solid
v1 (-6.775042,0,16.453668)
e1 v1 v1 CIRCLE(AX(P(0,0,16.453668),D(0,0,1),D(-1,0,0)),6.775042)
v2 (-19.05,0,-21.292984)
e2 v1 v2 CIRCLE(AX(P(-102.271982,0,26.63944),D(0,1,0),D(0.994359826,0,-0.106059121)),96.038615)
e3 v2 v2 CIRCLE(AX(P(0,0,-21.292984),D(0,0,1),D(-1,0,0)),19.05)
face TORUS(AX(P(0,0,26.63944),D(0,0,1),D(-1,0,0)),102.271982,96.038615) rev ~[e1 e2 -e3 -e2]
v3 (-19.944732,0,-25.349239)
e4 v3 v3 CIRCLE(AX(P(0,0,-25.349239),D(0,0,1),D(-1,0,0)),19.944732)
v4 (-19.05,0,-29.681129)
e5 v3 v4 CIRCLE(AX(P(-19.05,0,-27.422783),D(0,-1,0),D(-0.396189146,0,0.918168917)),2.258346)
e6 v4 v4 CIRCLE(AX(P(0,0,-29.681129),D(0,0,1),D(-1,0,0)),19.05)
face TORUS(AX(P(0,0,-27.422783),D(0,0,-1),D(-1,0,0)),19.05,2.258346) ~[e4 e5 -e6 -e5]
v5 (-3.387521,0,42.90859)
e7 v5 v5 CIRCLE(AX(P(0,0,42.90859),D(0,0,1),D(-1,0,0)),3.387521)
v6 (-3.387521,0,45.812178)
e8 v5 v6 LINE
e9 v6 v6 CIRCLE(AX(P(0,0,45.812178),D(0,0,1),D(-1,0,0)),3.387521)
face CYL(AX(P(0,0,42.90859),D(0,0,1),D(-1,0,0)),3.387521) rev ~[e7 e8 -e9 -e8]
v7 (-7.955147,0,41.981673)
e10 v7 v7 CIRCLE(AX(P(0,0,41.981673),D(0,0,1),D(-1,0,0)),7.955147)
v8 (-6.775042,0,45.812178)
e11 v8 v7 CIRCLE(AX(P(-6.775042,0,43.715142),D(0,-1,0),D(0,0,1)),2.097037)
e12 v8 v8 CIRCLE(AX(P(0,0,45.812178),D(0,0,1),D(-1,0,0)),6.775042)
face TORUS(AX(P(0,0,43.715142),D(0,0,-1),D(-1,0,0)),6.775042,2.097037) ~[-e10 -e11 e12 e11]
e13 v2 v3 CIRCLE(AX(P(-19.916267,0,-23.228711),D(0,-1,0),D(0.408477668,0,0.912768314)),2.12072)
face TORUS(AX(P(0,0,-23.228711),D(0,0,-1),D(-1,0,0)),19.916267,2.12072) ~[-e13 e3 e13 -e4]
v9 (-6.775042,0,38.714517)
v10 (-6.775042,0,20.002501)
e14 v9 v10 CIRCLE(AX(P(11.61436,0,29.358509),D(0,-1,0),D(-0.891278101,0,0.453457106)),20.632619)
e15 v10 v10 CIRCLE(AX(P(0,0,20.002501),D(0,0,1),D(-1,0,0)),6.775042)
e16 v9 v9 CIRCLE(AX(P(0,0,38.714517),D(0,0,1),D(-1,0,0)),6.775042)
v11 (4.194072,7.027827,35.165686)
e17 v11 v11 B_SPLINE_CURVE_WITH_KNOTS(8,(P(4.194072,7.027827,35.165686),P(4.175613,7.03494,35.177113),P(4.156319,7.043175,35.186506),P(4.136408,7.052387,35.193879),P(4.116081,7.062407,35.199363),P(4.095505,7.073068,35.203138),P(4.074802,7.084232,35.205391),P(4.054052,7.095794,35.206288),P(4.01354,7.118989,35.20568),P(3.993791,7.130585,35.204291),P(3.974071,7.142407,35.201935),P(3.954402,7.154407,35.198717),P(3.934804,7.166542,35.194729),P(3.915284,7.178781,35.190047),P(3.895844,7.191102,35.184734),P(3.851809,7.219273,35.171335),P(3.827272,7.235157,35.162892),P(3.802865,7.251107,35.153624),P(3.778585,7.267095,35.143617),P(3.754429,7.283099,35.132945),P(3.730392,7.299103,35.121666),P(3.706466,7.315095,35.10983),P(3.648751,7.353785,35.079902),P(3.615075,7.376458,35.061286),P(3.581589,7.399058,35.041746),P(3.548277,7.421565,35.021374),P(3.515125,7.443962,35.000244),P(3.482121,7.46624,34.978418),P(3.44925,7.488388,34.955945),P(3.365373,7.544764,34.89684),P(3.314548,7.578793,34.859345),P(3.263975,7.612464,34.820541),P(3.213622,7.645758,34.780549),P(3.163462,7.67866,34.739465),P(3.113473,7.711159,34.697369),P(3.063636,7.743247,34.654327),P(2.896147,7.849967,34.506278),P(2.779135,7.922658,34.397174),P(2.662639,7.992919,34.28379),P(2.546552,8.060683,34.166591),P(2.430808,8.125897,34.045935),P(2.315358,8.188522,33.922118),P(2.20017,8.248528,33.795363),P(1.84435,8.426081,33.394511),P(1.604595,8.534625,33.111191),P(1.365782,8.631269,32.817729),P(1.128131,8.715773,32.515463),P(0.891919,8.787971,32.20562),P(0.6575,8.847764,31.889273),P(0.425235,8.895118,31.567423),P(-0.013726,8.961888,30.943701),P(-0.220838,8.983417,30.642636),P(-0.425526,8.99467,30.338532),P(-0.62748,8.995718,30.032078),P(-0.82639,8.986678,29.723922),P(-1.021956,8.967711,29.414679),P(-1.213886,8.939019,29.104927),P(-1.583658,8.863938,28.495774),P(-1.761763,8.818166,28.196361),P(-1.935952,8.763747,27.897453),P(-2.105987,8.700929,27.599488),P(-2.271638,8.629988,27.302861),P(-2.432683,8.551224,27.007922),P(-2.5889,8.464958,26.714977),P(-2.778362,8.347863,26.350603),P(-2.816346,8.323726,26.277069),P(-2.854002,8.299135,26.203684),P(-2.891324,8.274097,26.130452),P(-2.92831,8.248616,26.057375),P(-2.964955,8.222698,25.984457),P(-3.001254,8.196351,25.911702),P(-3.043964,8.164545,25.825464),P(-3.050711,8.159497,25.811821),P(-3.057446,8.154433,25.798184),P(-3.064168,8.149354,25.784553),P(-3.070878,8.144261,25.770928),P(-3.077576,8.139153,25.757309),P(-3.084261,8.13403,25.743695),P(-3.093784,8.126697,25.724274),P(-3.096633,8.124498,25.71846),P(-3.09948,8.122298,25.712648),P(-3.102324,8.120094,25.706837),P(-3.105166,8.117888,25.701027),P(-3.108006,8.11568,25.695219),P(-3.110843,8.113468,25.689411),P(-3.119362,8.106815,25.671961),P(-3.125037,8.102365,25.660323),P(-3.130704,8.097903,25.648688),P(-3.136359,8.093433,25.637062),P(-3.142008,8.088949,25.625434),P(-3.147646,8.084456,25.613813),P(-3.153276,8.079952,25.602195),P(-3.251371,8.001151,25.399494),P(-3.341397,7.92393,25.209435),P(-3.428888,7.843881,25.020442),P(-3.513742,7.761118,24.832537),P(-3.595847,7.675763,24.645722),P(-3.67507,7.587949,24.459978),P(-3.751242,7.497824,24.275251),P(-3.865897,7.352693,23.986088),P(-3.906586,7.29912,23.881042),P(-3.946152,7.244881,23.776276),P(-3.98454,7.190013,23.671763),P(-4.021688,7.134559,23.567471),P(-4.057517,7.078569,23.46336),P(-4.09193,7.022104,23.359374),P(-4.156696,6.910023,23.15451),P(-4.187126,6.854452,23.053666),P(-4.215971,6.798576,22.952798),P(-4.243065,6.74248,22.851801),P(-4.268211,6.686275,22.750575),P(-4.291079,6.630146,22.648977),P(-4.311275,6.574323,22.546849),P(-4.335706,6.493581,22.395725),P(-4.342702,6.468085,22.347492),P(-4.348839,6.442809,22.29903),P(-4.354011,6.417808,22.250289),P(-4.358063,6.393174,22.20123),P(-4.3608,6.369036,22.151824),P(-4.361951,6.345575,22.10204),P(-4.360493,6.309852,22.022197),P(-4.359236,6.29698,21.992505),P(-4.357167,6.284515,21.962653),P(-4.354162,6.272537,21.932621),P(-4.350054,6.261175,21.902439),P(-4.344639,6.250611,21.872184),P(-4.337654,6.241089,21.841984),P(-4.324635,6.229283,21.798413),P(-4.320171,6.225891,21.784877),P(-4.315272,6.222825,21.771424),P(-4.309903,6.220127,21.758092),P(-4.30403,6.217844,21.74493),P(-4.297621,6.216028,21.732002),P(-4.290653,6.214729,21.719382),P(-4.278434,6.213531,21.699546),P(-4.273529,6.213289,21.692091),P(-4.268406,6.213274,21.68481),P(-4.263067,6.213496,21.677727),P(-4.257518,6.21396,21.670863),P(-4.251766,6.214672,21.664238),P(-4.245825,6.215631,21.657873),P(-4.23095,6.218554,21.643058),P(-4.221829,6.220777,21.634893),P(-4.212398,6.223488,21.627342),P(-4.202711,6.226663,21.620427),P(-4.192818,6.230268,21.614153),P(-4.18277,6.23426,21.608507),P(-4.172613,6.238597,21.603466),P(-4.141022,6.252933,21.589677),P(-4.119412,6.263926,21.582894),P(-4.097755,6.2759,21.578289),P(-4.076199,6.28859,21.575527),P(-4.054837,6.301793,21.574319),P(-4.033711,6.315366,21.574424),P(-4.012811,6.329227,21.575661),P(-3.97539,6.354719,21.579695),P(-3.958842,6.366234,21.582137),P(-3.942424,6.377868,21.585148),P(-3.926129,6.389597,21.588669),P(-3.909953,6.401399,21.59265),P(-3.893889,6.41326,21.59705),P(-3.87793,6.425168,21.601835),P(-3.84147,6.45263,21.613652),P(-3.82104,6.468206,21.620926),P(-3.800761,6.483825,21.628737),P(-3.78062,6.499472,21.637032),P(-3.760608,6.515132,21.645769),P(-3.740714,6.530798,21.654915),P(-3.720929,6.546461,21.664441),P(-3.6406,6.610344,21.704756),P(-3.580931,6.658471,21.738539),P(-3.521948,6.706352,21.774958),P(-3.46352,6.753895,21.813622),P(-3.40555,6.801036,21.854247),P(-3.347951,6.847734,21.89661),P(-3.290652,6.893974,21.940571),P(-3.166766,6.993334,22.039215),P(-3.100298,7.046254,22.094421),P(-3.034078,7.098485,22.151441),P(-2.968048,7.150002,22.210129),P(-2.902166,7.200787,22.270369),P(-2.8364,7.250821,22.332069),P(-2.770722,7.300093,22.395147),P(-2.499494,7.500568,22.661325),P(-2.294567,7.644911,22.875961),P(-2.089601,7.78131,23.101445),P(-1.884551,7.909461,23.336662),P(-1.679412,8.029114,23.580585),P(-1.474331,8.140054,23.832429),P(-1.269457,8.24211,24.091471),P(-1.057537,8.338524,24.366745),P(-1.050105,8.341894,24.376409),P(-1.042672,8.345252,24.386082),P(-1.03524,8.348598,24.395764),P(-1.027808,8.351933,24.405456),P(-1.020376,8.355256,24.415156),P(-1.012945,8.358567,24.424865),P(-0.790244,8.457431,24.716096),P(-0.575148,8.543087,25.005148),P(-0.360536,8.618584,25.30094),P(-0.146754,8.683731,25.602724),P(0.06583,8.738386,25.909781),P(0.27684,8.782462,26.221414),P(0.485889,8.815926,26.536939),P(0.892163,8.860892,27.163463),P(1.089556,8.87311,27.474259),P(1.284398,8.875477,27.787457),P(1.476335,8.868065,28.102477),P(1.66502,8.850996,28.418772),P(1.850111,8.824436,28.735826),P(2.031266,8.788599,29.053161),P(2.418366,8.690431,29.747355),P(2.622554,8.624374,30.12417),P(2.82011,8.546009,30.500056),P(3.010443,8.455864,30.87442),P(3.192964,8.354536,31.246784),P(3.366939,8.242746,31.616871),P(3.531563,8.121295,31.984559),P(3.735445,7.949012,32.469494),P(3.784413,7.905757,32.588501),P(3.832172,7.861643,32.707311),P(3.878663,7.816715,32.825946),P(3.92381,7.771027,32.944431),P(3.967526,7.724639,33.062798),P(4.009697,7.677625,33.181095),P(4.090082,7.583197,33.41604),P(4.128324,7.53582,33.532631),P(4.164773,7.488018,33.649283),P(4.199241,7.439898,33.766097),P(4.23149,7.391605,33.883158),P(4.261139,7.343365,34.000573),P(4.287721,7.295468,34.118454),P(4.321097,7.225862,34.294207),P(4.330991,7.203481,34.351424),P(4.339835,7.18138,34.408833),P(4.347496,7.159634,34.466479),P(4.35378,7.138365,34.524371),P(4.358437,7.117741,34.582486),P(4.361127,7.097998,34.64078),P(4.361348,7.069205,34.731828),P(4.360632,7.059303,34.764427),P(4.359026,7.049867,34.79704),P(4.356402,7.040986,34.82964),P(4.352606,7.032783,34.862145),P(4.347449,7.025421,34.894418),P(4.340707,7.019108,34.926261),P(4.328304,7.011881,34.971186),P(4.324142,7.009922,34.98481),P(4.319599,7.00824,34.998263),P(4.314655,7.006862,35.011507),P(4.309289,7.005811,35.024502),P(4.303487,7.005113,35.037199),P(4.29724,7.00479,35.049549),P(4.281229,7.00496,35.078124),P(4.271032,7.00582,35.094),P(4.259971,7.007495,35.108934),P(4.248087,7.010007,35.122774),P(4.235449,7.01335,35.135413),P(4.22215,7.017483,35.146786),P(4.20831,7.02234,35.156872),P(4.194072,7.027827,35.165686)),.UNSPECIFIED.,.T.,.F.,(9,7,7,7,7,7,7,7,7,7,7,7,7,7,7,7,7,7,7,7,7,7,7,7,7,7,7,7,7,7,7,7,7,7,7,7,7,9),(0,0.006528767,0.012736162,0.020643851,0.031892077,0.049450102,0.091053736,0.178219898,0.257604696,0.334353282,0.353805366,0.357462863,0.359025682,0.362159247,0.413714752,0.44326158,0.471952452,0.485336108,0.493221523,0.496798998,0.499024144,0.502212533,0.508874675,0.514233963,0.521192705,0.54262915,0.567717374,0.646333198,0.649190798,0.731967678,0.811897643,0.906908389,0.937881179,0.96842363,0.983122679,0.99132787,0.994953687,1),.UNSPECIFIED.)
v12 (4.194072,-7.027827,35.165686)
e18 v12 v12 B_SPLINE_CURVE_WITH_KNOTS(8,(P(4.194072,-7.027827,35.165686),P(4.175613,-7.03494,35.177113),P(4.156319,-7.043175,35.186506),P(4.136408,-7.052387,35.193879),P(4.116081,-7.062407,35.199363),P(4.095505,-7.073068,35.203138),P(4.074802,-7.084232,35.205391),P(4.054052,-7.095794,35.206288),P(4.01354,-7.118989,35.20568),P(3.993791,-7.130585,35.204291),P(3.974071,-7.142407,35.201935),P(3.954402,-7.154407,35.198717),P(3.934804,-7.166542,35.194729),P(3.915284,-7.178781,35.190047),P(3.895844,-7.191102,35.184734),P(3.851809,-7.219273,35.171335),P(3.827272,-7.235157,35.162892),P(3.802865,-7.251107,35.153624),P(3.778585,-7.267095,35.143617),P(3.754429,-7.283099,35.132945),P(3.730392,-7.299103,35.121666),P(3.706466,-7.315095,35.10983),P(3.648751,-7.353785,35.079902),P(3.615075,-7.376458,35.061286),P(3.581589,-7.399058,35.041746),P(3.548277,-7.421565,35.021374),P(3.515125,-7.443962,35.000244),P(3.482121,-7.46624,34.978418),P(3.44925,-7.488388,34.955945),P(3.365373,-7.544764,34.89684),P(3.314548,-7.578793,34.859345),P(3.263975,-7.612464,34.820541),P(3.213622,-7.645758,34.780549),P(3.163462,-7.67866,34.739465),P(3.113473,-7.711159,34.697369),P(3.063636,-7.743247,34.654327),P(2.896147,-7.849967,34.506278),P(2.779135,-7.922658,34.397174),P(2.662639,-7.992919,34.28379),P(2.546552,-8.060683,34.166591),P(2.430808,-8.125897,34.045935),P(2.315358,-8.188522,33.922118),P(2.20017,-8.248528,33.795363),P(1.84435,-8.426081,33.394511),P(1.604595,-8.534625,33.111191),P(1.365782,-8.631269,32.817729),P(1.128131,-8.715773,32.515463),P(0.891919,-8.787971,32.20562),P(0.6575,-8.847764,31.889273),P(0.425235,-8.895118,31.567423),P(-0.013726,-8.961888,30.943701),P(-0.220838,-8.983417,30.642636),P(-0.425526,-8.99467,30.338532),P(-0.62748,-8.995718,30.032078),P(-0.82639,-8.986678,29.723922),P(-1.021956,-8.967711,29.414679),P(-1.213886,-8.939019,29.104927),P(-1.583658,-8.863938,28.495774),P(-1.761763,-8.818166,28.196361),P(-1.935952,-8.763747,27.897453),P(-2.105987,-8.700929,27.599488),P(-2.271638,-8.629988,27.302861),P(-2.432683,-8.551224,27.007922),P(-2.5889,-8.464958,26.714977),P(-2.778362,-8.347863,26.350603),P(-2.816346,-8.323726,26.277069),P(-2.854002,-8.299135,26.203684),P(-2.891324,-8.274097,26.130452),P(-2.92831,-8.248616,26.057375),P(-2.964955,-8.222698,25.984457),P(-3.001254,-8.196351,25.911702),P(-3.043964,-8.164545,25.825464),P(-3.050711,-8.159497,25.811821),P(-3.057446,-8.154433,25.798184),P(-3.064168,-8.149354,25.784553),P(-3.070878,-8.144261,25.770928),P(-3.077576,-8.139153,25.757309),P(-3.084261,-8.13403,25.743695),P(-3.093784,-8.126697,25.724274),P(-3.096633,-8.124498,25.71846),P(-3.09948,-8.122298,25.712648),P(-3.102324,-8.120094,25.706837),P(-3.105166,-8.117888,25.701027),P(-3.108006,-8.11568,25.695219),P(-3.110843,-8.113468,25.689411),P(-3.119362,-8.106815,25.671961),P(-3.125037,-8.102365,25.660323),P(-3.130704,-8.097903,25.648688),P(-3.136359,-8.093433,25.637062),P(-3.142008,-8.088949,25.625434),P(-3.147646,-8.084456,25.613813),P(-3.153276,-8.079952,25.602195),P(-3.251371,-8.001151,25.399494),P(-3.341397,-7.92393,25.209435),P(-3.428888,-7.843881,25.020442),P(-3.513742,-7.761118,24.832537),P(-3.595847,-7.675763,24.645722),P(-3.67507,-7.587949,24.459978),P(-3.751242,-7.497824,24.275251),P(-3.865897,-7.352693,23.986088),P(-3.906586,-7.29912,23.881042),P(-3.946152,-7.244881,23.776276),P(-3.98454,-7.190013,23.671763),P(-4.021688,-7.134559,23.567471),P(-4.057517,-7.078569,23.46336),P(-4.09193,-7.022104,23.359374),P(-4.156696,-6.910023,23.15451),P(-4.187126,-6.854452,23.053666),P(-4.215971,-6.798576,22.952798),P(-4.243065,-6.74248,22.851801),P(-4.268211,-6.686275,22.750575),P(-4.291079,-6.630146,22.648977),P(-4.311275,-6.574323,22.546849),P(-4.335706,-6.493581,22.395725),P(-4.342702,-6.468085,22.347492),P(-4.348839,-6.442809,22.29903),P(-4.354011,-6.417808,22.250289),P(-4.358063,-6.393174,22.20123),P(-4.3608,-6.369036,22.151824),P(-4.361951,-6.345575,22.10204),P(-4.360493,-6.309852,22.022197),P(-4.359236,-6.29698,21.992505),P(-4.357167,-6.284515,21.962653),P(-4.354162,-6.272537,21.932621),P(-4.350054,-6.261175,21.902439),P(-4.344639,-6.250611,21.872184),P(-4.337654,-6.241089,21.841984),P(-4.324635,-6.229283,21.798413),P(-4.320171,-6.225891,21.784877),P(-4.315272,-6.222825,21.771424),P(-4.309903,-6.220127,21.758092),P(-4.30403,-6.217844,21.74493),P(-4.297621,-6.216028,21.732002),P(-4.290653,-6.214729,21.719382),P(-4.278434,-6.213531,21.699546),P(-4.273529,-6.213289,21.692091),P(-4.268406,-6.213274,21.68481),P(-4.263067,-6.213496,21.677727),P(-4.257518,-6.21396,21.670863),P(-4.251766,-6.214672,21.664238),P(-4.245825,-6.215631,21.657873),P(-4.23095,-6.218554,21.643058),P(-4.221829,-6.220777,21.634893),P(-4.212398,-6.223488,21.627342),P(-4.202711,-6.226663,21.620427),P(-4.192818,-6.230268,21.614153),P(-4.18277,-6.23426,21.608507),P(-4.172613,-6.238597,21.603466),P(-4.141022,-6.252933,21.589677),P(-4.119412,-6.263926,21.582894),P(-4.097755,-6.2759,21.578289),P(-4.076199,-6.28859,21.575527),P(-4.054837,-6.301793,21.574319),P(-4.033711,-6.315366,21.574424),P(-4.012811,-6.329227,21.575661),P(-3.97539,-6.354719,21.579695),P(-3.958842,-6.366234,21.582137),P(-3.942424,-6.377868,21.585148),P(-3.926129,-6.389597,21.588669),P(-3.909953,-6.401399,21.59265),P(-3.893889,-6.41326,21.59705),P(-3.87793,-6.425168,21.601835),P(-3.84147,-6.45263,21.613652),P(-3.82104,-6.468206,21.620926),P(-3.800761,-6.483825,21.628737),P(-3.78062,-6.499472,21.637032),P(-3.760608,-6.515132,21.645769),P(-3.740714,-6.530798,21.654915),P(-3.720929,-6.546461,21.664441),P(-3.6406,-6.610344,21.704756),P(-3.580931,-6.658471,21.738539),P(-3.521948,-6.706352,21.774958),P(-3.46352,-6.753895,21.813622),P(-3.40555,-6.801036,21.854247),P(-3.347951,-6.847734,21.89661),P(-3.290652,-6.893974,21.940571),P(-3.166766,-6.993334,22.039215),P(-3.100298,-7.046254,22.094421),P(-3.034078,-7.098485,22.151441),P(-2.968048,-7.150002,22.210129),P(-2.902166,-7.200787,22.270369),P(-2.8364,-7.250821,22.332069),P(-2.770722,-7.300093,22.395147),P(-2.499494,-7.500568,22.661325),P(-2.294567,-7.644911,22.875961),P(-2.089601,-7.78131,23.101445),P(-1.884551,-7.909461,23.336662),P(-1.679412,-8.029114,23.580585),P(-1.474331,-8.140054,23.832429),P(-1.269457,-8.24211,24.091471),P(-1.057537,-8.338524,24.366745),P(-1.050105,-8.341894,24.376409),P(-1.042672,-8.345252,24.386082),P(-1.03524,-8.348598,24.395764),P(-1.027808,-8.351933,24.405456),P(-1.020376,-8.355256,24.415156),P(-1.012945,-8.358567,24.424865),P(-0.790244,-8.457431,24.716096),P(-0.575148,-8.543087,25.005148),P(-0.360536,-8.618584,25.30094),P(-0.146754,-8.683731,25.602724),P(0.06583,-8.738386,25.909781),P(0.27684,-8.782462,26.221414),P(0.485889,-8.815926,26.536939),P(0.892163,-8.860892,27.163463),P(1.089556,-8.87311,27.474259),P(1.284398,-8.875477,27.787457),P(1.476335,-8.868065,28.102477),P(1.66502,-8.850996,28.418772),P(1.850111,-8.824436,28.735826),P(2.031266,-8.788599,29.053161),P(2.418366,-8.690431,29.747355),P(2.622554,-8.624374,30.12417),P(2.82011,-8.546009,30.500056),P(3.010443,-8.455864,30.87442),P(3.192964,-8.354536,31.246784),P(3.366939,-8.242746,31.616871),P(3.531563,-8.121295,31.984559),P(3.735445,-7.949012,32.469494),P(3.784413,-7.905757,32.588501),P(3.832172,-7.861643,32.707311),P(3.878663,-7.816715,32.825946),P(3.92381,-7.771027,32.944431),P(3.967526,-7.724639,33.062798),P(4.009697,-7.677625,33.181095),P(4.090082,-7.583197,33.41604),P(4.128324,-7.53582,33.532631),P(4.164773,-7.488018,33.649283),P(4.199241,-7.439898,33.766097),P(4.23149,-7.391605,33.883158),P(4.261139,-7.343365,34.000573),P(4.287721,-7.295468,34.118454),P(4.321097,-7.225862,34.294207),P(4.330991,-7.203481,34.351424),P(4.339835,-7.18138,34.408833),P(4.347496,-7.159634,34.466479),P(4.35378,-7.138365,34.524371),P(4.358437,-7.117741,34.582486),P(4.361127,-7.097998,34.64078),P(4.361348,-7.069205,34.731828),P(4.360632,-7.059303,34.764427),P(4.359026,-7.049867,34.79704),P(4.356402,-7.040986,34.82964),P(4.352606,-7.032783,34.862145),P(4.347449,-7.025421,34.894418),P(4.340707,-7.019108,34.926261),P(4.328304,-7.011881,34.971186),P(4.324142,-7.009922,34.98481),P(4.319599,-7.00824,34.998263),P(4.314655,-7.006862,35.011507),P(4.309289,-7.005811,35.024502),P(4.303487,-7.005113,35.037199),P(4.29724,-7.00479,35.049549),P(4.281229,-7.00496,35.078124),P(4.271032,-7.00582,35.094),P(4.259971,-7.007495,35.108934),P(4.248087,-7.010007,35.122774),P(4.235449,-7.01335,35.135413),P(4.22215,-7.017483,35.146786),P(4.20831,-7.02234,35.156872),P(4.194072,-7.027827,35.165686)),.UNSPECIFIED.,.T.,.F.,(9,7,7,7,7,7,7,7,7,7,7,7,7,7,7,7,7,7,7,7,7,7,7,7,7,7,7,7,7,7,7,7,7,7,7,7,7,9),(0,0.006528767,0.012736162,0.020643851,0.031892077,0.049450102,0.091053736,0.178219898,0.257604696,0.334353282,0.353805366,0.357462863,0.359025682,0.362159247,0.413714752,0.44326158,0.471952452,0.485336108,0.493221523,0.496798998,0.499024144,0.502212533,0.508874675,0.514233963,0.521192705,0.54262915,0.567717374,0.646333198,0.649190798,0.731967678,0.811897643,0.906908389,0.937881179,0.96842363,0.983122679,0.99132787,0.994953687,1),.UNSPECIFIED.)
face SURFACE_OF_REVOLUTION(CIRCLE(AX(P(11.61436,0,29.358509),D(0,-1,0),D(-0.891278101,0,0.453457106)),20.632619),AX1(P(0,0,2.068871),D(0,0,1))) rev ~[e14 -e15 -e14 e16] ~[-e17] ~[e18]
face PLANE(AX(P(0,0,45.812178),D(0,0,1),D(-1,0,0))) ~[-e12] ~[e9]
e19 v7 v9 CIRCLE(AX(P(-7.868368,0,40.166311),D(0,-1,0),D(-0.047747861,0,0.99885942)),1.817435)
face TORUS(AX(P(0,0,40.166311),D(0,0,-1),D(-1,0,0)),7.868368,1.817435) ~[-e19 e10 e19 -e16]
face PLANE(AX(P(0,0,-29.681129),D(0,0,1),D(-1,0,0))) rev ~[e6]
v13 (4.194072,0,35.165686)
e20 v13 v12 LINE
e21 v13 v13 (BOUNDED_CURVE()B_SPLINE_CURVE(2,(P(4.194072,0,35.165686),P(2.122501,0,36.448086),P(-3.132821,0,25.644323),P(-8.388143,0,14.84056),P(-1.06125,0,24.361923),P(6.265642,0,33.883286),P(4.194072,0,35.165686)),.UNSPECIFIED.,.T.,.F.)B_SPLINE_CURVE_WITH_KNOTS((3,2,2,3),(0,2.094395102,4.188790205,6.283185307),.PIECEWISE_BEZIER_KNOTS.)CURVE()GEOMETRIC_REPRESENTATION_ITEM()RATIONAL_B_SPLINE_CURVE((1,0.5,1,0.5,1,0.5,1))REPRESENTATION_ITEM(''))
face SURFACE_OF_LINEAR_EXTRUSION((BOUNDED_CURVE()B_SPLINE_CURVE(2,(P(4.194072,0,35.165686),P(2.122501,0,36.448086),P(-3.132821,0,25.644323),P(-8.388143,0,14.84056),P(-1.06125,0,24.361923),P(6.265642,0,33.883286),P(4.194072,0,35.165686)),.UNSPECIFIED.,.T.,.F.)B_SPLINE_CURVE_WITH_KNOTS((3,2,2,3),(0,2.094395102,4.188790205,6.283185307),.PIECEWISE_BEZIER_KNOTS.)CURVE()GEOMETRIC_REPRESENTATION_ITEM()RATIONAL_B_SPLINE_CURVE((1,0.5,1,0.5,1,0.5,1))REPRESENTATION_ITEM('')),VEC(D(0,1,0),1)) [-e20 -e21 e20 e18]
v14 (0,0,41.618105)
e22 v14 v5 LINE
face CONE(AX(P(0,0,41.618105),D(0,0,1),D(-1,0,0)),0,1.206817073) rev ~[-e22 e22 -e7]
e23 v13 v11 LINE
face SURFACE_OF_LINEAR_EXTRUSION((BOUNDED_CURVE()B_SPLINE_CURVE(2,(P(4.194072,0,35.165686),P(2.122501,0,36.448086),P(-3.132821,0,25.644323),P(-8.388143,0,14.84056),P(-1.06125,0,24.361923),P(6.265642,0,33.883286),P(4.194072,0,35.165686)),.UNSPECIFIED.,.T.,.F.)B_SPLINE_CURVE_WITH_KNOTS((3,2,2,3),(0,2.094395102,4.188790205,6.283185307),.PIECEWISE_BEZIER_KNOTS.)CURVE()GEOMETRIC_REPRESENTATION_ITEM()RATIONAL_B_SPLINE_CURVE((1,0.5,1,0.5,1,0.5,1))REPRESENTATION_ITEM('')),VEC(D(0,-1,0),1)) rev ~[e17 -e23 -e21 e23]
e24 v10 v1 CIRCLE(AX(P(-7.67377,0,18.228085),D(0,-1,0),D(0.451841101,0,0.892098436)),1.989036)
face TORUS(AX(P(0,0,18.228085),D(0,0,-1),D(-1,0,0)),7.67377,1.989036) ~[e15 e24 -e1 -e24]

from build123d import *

# Parameters (mm, degrees)
F3_DEPTH = 25.4
F4_DEPTH = 77.724


with BuildPart() as f1:
    # F0 (on Front) → F1 (revolve)
    with BuildSketch(Plane.XZ):
        with BuildLine():
            Line((-19.05, -29.6811293811), (0, -29.6811293811))
            Line((0, -29.6811293811), (0, 33.8188706189))
            Line((0, 33.8188706189), (0, 41.6181050241))
            Line((0, 41.6181050241), (-3.3875207882, 42.908590287))
            Line((-3.3875207882, 42.908590287), (-3.3875207882, 45.8121784031))
            Line((-3.3875207882, 45.8121784031), (-6.7750415765, 45.8121784031))
            ThreePointArc((-6.7750415765, 45.8121784031), (-8.7791262614, 44.3325617108), (-7.9551467856, 41.9816727717))
            ThreePointArc((-7.9551467856, 41.9816727717), (-9.5777135248, 39.5488909688), (-6.7750415765, 38.7145169079))
            ThreePointArc((-6.7750415765, 38.7145169079), (-9.0182591506, 29.3585089967), (-6.7750415765, 20.0025010854))
            ThreePointArc((-6.7750415765, 20.0025010854), (-9.6628064429, 18.2280847803), (-6.7750415765, 16.4536684752))
            ThreePointArc((-6.7750415765, 16.4536684752), (-10.9411779947, -3.0607254624), (-19.05, -21.2929844856))
            ThreePointArc((-19.05, -21.2929844856), (-21.9872034753, -22.7719014538), (-19.9447323387, -25.3492394817))
            ThreePointArc((-19.9447323387, -25.3492394817), (-21.2616631783, -27.8795920285), (-19.05, -29.6811293811))
        make_face()
        with BuildLine():
            ThreePointArc((-19.05, -25.1644365489), (-19.4872962065, -25.3055922274), (-19.9447323387, -25.3492394817))
            ThreePointArc((-19.9447323387, -25.3492394817), (-19.5068090635, -25.2111197867), (-19.05, -25.1644365489))
        make_face(mode=Mode.SUBTRACT)
        with BuildLine():
            ThreePointArc((-6.7750415765, 41.6181050241), (-7.3924615736, 41.7110570287), (-7.9551467856, 41.9816727717))
            ThreePointArc((-7.9551467856, 41.9816727717), (-7.3332699686, 41.9031871665), (-6.7750415765, 41.6181050241))
        make_face(mode=Mode.SUBTRACT)
        with BuildLine():
            ThreePointArc((-6.7750415765, 41.6181050241), (-7.3332699686, 41.9031871665), (-7.9551467856, 41.9816727717))
            ThreePointArc((-7.9551467856, 41.9816727717), (-7.3924615736, 41.7110570287), (-6.7750415765, 41.6181050241))
        make_face()
        with BuildLine():
            ThreePointArc((-19.05, -25.1644365489), (-19.5068090635, -25.2111197867), (-19.9447323387, -25.3492394817))
            ThreePointArc((-19.9447323387, -25.3492394817), (-19.4872962065, -25.3055922274), (-19.05, -25.1644365489))
        make_face()
    revolve(axis=Axis((0, 0, 2.0688706189), (0, 0, 1)))

    # F2 (on Front) → F3 (cut)
    with BuildSketch(Plane.XZ):
        with BuildLine():
            add(Edge.make_bspline(
                [(4.1940715164, 35.1656861603), (2.1225008202, 36.4480864166), (-3.1328211063, 25.6443232253), (-8.3881430328, 14.8405600339), (-1.0612504101, 24.361922969), (6.2656422126, 33.8832859041), (4.1940715164, 35.1656861603)],
                knots=[0, 0, 0, 2.0943951024, 2.0943951024, 4.1887902048, 4.1887902048, 6.2831853072, 6.2831853072, 6.2831853072], degree=2, weights=[1, 0.5, 1, 0.5, 1, 0.5, 1]))
        make_face()
    extrude(amount=-F3_DEPTH, mode=Mode.SUBTRACT)

    # F2 (on Front) → F4 (cut)
    with BuildSketch(Plane.XZ):
        with BuildLine():
            add(Edge.make_bspline(
                [(4.1940715164, 35.1656861603), (2.1225008202, 36.4480864166), (-3.1328211063, 25.6443232253), (-8.3881430328, 14.8405600339), (-1.0612504101, 24.361922969), (6.2656422126, 33.8832859041), (4.1940715164, 35.1656861603)],
                knots=[0, 0, 0, 2.0943951024, 2.0943951024, 4.1887902048, 4.1887902048, 6.2831853072, 6.2831853072, 6.2831853072], degree=2, weights=[1, 0.5, 1, 0.5, 1, 0.5, 1]))
        make_face()
    extrude(amount=F4_DEPTH, mode=Mode.SUBTRACT)


solid = f1.part
